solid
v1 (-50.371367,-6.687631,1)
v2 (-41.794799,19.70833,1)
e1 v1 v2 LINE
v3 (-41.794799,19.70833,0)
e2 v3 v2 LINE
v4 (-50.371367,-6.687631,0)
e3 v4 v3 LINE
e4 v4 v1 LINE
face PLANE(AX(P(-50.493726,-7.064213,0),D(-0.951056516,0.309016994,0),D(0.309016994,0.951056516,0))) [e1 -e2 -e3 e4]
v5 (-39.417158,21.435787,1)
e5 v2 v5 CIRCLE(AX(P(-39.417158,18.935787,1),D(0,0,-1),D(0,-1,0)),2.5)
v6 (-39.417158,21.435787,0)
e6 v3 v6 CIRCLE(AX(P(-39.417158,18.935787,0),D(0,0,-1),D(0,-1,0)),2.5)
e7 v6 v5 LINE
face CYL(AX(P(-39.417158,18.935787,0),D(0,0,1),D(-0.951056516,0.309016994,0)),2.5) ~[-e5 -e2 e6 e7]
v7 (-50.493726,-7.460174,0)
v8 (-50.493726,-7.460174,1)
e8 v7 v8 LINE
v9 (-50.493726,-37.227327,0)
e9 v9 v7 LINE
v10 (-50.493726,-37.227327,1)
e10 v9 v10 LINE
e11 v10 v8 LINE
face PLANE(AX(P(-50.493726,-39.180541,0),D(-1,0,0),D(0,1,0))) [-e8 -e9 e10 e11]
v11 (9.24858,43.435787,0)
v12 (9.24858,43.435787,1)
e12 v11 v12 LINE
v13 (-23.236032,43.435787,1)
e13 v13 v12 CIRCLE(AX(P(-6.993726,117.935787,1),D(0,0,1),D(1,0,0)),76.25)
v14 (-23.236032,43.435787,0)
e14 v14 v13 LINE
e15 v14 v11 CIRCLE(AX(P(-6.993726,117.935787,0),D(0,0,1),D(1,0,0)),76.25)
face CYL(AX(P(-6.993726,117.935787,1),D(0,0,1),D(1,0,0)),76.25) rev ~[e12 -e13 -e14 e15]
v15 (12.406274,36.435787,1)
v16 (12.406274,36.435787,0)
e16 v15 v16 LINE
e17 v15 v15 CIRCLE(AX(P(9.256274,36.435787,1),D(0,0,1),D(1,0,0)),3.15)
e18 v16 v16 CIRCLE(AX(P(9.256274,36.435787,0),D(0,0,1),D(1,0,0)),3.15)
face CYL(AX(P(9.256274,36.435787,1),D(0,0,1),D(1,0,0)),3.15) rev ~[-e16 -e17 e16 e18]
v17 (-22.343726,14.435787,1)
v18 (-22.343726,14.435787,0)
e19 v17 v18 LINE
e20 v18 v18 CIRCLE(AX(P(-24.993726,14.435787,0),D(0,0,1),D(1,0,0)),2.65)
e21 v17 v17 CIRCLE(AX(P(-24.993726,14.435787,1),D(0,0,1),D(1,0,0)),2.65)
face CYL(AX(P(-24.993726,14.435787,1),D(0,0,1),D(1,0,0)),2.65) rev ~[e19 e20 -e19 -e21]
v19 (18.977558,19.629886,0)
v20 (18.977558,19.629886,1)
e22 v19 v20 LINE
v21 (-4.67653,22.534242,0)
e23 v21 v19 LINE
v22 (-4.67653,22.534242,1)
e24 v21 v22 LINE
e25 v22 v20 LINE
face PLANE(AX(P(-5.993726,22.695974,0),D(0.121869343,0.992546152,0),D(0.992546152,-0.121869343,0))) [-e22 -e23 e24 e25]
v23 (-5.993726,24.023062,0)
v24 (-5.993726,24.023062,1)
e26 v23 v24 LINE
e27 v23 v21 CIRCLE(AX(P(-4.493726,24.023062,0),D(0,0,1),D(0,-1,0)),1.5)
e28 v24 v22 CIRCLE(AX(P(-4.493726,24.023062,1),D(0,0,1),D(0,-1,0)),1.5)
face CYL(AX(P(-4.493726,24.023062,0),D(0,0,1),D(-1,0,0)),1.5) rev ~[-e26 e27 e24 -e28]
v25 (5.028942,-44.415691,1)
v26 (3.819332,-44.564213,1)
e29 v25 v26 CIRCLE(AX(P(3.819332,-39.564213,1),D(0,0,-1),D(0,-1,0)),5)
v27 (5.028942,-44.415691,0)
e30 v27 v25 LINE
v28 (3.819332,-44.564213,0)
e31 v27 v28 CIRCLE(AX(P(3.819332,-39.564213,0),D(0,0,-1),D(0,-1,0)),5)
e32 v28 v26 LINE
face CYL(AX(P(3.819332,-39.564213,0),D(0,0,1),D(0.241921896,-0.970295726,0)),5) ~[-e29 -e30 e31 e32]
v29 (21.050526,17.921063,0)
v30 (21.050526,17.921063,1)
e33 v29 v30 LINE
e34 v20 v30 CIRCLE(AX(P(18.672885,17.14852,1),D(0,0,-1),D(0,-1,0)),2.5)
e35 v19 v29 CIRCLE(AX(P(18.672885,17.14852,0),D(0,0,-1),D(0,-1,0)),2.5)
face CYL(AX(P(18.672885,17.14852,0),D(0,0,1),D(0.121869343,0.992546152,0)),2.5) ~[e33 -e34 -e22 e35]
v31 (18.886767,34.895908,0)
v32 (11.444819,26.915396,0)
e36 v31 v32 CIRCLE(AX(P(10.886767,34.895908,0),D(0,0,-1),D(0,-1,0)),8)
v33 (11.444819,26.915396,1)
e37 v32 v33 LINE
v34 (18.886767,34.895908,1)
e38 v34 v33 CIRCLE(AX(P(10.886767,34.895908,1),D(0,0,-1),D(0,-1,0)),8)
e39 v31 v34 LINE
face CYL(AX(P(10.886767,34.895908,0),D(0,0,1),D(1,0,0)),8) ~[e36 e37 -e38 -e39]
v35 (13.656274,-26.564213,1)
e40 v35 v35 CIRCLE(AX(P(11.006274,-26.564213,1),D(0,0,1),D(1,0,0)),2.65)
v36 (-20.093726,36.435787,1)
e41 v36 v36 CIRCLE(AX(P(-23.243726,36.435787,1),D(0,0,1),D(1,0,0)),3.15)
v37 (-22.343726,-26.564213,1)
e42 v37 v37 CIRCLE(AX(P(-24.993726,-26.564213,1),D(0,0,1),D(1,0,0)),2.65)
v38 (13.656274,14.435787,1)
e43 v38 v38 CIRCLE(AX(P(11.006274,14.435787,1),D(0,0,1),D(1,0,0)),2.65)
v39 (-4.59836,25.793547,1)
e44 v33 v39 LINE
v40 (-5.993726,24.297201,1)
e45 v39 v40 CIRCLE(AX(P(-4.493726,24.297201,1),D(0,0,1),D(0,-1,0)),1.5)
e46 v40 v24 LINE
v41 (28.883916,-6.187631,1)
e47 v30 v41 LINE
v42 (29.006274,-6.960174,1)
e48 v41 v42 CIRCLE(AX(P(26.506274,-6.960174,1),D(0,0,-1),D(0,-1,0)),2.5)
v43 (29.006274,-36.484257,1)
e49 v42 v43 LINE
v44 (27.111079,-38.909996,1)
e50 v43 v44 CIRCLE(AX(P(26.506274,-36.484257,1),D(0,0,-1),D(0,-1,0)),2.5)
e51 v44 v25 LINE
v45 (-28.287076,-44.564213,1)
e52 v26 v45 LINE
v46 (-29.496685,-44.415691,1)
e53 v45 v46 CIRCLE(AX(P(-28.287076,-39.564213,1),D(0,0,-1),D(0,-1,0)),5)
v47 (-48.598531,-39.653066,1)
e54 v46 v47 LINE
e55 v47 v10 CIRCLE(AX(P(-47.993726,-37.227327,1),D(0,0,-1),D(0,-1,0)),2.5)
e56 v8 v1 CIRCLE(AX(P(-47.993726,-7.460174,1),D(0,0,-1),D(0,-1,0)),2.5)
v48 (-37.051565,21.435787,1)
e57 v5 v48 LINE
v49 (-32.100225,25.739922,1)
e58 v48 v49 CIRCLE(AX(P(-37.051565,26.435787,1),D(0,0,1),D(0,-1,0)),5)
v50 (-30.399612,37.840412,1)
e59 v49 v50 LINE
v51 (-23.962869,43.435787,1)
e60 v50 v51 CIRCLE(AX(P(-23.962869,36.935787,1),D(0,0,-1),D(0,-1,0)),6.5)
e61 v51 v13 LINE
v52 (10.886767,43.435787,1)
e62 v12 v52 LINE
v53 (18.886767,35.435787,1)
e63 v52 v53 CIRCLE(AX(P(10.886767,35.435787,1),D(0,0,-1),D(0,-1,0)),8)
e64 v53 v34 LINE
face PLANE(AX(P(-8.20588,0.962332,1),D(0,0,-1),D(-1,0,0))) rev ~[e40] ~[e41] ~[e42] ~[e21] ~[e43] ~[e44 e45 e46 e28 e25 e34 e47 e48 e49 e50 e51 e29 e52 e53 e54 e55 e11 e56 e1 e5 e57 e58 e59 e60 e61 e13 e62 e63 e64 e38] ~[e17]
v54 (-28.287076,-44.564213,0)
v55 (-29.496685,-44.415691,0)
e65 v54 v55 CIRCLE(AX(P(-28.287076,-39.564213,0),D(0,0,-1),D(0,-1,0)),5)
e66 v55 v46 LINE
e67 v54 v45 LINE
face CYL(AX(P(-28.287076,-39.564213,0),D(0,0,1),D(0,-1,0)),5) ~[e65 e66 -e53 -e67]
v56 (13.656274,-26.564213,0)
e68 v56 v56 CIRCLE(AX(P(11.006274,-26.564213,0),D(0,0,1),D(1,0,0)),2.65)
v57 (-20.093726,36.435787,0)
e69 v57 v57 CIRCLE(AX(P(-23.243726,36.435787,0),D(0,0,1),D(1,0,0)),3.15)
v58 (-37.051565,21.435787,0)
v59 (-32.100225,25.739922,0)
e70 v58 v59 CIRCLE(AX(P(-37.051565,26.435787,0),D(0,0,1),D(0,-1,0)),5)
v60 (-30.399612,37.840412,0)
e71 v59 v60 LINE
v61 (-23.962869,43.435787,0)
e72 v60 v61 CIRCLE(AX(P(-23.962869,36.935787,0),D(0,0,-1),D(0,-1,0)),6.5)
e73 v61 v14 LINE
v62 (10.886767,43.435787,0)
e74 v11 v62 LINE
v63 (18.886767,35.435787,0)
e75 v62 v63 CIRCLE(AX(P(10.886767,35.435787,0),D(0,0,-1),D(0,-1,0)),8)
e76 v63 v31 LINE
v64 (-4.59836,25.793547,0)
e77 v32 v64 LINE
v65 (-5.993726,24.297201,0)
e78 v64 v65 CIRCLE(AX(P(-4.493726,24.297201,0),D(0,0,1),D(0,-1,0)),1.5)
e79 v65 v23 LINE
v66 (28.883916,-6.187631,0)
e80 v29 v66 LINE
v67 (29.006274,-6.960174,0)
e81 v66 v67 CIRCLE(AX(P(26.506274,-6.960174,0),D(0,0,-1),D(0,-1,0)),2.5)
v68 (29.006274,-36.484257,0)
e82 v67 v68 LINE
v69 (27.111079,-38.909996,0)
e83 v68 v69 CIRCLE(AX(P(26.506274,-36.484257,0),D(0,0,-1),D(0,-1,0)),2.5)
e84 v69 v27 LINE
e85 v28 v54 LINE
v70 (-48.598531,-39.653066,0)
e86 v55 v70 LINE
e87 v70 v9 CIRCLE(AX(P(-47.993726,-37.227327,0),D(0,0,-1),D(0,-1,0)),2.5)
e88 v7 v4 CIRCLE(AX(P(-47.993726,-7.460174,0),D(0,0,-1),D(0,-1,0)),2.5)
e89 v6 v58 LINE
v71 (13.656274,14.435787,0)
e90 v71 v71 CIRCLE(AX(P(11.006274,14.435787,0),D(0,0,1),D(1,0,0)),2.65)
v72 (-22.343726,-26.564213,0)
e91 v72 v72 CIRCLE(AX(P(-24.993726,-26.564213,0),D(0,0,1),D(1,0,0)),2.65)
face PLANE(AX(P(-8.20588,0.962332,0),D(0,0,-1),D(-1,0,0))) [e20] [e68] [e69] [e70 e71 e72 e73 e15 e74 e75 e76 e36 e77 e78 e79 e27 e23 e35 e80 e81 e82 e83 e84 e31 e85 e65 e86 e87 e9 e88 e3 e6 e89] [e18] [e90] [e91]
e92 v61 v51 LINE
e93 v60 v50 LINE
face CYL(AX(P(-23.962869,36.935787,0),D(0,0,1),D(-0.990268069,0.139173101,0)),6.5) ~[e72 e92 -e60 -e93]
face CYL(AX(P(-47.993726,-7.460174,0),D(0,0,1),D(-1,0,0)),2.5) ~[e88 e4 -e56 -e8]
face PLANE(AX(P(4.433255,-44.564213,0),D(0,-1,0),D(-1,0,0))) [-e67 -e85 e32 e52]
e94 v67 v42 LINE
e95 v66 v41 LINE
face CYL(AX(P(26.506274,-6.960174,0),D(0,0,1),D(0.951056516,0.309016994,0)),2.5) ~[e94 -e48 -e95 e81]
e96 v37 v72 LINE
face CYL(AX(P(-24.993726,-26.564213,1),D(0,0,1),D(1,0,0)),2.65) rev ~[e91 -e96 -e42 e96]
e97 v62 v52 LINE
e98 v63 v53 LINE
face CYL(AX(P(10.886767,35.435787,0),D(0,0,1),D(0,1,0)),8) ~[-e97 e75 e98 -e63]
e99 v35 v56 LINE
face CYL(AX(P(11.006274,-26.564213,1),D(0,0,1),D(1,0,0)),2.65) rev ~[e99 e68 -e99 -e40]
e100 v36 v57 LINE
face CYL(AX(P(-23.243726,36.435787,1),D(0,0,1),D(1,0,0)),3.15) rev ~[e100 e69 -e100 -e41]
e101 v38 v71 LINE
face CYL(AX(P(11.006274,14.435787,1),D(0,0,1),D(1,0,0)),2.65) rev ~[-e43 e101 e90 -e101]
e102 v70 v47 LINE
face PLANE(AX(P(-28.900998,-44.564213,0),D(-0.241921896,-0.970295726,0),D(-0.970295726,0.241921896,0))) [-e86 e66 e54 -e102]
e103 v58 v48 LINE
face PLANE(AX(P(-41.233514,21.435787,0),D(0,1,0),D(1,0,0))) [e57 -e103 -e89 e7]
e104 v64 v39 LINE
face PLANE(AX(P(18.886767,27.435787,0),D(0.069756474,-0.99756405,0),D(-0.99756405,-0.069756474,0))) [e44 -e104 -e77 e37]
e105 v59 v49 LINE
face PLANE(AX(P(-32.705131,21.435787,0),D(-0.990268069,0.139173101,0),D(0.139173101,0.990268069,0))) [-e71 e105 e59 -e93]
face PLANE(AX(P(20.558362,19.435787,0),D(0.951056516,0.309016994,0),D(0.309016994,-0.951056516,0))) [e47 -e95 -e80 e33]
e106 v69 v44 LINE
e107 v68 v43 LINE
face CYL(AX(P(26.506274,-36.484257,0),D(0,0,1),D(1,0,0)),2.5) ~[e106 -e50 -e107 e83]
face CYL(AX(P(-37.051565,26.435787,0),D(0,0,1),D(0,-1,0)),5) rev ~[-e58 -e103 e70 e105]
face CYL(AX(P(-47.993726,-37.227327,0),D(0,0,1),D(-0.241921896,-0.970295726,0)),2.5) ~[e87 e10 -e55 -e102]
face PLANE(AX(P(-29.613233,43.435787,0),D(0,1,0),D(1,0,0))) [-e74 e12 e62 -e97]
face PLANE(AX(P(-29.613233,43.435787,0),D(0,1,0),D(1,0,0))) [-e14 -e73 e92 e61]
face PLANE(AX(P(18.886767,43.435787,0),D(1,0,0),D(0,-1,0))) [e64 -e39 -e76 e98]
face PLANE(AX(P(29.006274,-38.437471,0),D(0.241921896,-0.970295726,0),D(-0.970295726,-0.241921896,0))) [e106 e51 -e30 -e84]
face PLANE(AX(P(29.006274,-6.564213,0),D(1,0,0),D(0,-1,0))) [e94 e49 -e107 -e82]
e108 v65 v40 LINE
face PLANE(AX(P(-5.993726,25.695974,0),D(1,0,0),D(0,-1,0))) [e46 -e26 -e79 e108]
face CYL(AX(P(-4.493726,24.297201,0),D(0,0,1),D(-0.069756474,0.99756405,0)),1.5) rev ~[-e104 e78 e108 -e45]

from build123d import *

# Parameters (mm, degrees)
RESSALTO_EXTRUS_O1_DEPTH = 1
FILETE1_R                = 5
FILETE2_R                = 6.5
FILETE3_R                = 8
FILETE4_R                = 1.5
FILETE5_R                = 2.5
FILETE6_R                = 2.5
FILETE7_R                = 2.5
FILETE9_R                = 5
FILETE10_R               = 2.5
FILETE11_R               = 2.5
ESBO_O2_R                = 2.65
ESBO_O2_R_2              = 3.15
CORTE_EXTRUS_O1_DEPTH    = 1
ESBO_O3_R                = 76.25
CORTE_EXTRUS_O2_DEPTH    = 1


with BuildPart() as part:
    # Esboço1 → Ressalto-extrusão1 (new body)
    with BuildSketch(Plane.XY):
        Polygon((-28.900998415, -44.564212679), (-50.493725783, -39.180541088), (-50.493725783, -7.064212679), (-41.23351444, 21.435787321), (-32.705131271, 21.435787321), (-29.613232907, 43.435787321), (18.886767093, 43.435787321), (18.886767093, 27.435787321), (-5.993725783, 25.695973775), (-5.993725783, 22.695973775), (20.558362115, 19.435787321), (29.006274217, -6.564212679), (29.006274217, -38.437470915), (4.433255164, -44.564212679), align=None)
    extrude(amount=RESSALTO_EXTRUS_O1_DEPTH)

    # Filete1
    filete1_edges = [part.edges().sort_by_distance(p)[0] for p in [
        (-32.705131271, 21.435787321, 0.5),
    ]]
    fillet(filete1_edges, radius=FILETE1_R)

    # Filete2
    filete2_edges = [part.edges().sort_by_distance(p)[0] for p in [
        (-29.613232907, 43.435787321, 0.5),
    ]]
    fillet(filete2_edges, radius=FILETE2_R)

    # Filete3
    filete3_edges = [part.edges().sort_by_distance(p)[0] for p in [
        (18.886767093, 43.435787321, 0.5),
        (18.886767093, 27.435787321, 0.5),
    ]]
    fillet(filete3_edges, radius=FILETE3_R)

    # Filete4
    filete4_edges = [part.edges().sort_by_distance(p)[0] for p in [
        (-5.993725783, 25.695973775, 0.5),
        (-5.993725783, 22.695973775, 0.5),
    ]]
    fillet(filete4_edges, radius=FILETE4_R)

    # Filete5
    filete5_edges = [part.edges().sort_by_distance(p)[0] for p in [
        (20.558362115, 19.435787321, 0.5),
    ]]
    fillet(filete5_edges, radius=FILETE5_R)

    # Filete6
    filete6_edges = [part.edges().sort_by_distance(p)[0] for p in [
        (29.006274217, -6.564212679, 0.5),
    ]]
    fillet(filete6_edges, radius=FILETE6_R)

    # Filete7
    filete7_edges = [part.edges().sort_by_distance(p)[0] for p in [
        (29.006274217, -38.437470915, 0.5),
    ]]
    fillet(filete7_edges, radius=FILETE7_R)

    # Filete9
    filete9_edges = [part.edges().sort_by_distance(p)[0] for p in [
        (-28.900998415, -44.564212679, 0.5),
        (4.433255164, -44.564212679, 0.5),
    ]]
    fillet(filete9_edges, radius=FILETE9_R)

    # Filete10
    filete10_edges = [part.edges().sort_by_distance(p)[0] for p in [
        (-50.493725783, -39.180541088, 0.5),
        (-50.493725783, -7.064212679, 0.5),
    ]]
    fillet(filete10_edges, radius=FILETE10_R)

    # Filete11
    filete11_edges = [part.edges().sort_by_distance(p)[0] for p in [
        (-41.23351444, 21.435787321, 0.5),
    ]]
    fillet(filete11_edges, radius=FILETE11_R)

    # Esboço2 → Corte-extrusão1 (cut)
    with BuildSketch(Plane.XY.offset(1)):
        with Locations((-24.993725783, -26.564212679)):
            Circle(ESBO_O2_R)
        with Locations((11.006274217, -26.564212679)):
            Circle(ESBO_O2_R)
        with Locations((-24.993725783, 14.435787321)):
            Circle(ESBO_O2_R)
        with Locations((11.006274217, 14.435787321)):
            Circle(ESBO_O2_R)
        with Locations((-23.243725783, 36.435787321)):
            Circle(ESBO_O2_R_2)
        with Locations((9.256274217, 36.435787321)):
            Circle(ESBO_O2_R_2)
    extrude(amount=-CORTE_EXTRUS_O1_DEPTH, mode=Mode.SUBTRACT)

    # Esboço3 → Corte-extrusão2 (cut)
    with BuildSketch(Plane.XY.offset(1)):
        with Locations((-6.993725783, 117.935787321)):
            Circle(ESBO_O3_R)
    extrude(amount=-CORTE_EXTRUS_O2_DEPTH, mode=Mode.SUBTRACT)


solid = part.part
